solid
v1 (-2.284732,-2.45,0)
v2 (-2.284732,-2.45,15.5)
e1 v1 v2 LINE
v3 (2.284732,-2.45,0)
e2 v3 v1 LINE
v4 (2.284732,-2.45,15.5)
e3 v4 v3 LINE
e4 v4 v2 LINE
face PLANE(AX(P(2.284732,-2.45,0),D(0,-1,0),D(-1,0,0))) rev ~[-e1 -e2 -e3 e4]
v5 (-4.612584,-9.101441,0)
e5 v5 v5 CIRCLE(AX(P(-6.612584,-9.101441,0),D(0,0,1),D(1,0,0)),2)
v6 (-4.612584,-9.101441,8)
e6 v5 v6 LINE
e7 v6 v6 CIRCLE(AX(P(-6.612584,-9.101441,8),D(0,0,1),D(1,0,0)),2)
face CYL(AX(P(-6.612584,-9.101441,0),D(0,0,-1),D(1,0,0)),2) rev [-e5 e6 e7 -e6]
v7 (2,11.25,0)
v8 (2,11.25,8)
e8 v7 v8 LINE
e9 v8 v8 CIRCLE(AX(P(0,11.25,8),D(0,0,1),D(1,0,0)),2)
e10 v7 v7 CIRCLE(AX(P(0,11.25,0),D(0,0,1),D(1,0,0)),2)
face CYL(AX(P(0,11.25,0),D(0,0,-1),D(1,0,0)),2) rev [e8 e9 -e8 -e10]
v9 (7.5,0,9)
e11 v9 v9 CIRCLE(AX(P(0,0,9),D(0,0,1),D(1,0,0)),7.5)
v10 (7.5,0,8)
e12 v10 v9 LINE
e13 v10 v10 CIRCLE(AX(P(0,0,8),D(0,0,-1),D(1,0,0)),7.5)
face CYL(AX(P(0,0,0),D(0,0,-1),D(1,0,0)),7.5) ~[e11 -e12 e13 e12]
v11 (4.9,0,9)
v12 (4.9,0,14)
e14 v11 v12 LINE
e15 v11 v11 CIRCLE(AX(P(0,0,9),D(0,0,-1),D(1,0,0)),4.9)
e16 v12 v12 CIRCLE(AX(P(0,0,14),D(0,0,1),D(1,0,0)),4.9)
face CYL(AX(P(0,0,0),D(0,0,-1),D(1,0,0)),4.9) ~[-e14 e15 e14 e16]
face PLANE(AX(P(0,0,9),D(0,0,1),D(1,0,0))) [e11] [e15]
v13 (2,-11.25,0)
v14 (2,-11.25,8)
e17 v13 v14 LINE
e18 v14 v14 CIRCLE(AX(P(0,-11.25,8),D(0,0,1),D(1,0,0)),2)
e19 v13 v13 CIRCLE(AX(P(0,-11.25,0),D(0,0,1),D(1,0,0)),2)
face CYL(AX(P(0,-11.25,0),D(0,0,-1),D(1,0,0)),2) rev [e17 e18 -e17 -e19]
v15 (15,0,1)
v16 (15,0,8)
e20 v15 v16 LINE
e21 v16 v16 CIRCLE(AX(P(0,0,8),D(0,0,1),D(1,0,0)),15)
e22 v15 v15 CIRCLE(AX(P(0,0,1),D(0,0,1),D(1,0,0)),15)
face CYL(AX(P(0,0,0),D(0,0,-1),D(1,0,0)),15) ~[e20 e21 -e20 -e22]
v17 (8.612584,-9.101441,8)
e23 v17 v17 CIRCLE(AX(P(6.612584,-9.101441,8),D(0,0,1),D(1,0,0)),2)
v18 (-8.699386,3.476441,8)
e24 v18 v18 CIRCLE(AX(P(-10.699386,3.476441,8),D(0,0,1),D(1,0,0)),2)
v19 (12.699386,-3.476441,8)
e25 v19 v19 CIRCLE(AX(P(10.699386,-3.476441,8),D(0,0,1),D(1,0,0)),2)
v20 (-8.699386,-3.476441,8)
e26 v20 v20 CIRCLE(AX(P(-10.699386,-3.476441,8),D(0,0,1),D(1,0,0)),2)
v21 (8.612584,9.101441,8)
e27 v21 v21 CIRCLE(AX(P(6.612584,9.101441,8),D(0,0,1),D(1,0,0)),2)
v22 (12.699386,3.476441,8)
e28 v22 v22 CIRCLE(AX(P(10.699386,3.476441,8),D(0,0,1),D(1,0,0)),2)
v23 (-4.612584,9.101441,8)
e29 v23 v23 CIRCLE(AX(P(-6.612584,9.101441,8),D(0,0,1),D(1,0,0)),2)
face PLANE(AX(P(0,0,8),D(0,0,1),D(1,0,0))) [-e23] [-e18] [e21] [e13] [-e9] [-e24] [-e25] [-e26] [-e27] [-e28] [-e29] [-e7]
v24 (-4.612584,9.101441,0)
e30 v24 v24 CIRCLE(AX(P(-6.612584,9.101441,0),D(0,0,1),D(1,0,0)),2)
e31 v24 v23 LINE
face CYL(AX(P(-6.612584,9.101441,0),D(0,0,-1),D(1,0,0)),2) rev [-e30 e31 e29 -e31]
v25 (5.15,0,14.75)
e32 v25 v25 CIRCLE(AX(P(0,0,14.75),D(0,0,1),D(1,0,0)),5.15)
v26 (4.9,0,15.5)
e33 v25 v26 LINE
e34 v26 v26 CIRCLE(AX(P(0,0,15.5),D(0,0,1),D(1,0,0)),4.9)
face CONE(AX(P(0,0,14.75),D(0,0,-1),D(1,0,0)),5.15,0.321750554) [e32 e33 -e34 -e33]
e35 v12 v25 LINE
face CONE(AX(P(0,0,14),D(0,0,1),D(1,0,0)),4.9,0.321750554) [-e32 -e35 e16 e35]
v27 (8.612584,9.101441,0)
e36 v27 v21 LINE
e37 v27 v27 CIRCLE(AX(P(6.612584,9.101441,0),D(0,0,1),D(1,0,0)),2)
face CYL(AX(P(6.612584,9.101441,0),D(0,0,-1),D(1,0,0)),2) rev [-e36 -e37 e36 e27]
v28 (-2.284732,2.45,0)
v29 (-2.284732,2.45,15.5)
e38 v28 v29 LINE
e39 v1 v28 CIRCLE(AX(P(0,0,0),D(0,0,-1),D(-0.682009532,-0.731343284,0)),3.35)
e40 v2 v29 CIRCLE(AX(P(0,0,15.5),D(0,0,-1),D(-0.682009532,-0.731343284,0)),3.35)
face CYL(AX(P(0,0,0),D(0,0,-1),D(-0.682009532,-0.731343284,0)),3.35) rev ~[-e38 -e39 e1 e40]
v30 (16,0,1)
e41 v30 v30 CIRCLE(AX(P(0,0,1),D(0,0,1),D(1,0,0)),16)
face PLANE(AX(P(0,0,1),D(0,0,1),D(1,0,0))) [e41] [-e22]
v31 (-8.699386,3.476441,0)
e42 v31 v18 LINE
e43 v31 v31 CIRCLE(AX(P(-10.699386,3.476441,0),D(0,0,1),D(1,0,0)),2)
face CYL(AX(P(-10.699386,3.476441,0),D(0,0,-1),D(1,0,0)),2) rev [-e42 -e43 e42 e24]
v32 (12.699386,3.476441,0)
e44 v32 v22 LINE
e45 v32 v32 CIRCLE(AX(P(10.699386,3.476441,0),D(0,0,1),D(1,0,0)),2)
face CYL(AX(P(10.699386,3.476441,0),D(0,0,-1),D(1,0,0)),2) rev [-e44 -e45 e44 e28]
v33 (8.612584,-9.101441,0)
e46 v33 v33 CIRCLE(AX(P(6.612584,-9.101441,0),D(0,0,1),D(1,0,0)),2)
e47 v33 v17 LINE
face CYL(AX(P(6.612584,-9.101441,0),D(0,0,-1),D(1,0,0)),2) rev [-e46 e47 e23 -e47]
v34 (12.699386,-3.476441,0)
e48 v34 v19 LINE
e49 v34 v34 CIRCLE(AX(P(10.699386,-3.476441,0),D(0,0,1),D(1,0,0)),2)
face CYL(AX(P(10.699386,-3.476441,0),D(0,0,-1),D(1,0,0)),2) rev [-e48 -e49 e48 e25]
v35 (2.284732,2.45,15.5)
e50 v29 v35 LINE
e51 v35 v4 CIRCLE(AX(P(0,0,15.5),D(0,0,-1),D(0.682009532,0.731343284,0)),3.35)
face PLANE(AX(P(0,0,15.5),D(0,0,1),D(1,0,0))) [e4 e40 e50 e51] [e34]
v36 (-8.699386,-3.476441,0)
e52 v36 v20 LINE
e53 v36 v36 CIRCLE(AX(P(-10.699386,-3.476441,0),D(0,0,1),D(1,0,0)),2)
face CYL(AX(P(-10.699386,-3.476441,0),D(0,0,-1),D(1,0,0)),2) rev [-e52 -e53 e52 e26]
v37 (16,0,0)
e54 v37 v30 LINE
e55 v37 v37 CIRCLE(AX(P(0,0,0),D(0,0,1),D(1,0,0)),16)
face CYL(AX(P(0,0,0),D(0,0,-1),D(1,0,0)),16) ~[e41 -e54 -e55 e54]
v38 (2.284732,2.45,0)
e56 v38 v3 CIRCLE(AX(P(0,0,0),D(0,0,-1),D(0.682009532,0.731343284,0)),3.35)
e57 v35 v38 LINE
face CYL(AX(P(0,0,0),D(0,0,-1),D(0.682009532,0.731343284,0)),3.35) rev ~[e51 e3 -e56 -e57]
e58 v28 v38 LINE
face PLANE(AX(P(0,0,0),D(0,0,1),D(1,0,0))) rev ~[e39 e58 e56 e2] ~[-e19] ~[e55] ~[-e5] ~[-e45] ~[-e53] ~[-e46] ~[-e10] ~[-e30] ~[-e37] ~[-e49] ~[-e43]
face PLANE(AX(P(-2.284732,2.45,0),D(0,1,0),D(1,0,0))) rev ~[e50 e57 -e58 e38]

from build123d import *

# Parameters (mm, degrees)
F3_R      = 15
F3_R_2    = 2
F3_R_3    = 7.5
F3_R_4    = 4.9
F4_DEPTH  = 8
F5_DEPTH  = 9
F6_DEPTH  = 15.5
F3_R_5    = 16
F11_DEPTH = 1


with BuildPart() as f4:
    # F3 (on Top) → F4 (new body)
    with BuildSketch(Plane.XY):
        Circle(F3_R)
        with Locations((-6.6125840883, -9.1014411867)):
            Circle(F3_R_2, mode=Mode.SUBTRACT)
        with Locations((-10.6993858083, -3.4764411867)):
            Circle(F3_R_2, mode=Mode.SUBTRACT)
        with Locations((0, -11.25)):
            Circle(F3_R_2, mode=Mode.SUBTRACT)
        with Locations((6.6125840883, -9.1014411867)):
            Circle(F3_R_2, mode=Mode.SUBTRACT)
        with Locations((10.6993858083, -3.4764411867)):
            Circle(F3_R_2, mode=Mode.SUBTRACT)
        with Locations((-10.6993858083, 3.4764411867)):
            Circle(F3_R_2, mode=Mode.SUBTRACT)
        with Locations((-6.6125840883, 9.1014411867)):
            Circle(F3_R_2, mode=Mode.SUBTRACT)
        Circle(F3_R_3, mode=Mode.SUBTRACT)
        with Locations((10.6993858083, 3.4764411867)):
            Circle(F3_R_2, mode=Mode.SUBTRACT)
        with Locations((0, 11.25)):
            Circle(F3_R_2, mode=Mode.SUBTRACT)
        with Locations((6.6125840883, 9.1014411867)):
            Circle(F3_R_2, mode=Mode.SUBTRACT)
        Circle(F3_R_3)
        Circle(F3_R_4, mode=Mode.SUBTRACT)
        Circle(F3_R_4)
        with BuildLine():
            ThreePointArc((-2.2847319318, -2.45), (-3.35, 0), (-2.2847319318, 2.45))
            Line((-2.2847319318, 2.45), (2.2847319318, 2.45))
            ThreePointArc((2.2847319318, 2.45), (3.35, 0), (2.2847319318, -2.45))
            Line((2.2847319318, -2.45), (-2.2847319318, -2.45))
        make_face(mode=Mode.SUBTRACT)
    extrude(amount=F4_DEPTH)

    # F3 (on Top) → F5 (join)
    with BuildSketch(Plane.XY):
        Circle(F3_R_3)
        Circle(F3_R_4, mode=Mode.SUBTRACT)
        Circle(F3_R_4)
        with BuildLine():
            ThreePointArc((-2.2847319318, -2.45), (-3.35, 0), (-2.2847319318, 2.45))
            Line((-2.2847319318, 2.45), (2.2847319318, 2.45))
            ThreePointArc((2.2847319318, 2.45), (3.35, 0), (2.2847319318, -2.45))
            Line((2.2847319318, -2.45), (-2.2847319318, -2.45))
        make_face(mode=Mode.SUBTRACT)
    extrude(amount=F5_DEPTH)

    # F3 (on Top) → F6 (join)
    with BuildSketch(Plane.XY):
        Circle(F3_R_4)
        with BuildLine():
            ThreePointArc((-2.2847319318, -2.45), (-3.35, 0), (-2.2847319318, 2.45))
            Line((-2.2847319318, 2.45), (2.2847319318, 2.45))
            ThreePointArc((2.2847319318, 2.45), (3.35, 0), (2.2847319318, -2.45))
            Line((2.2847319318, -2.45), (-2.2847319318, -2.45))
        make_face(mode=Mode.SUBTRACT)
    extrude(amount=F6_DEPTH)

    # F7 (on Front) → F8 (revolve)
    with BuildSketch(Plane.XZ):
        Polygon((5.15, 14.75), (4.9, 15.5), (4.9, 14), align=None)
    revolve(axis=Axis((0, 0, 8.7542282417), (0, 0, 1)))

    # F3 (on Top) → F11 (join)
    with BuildSketch(Plane.XY):
        Circle(F3_R_5)
        Circle(F3_R, mode=Mode.SUBTRACT)
    extrude(amount=F11_DEPTH)


solid = f4.part
